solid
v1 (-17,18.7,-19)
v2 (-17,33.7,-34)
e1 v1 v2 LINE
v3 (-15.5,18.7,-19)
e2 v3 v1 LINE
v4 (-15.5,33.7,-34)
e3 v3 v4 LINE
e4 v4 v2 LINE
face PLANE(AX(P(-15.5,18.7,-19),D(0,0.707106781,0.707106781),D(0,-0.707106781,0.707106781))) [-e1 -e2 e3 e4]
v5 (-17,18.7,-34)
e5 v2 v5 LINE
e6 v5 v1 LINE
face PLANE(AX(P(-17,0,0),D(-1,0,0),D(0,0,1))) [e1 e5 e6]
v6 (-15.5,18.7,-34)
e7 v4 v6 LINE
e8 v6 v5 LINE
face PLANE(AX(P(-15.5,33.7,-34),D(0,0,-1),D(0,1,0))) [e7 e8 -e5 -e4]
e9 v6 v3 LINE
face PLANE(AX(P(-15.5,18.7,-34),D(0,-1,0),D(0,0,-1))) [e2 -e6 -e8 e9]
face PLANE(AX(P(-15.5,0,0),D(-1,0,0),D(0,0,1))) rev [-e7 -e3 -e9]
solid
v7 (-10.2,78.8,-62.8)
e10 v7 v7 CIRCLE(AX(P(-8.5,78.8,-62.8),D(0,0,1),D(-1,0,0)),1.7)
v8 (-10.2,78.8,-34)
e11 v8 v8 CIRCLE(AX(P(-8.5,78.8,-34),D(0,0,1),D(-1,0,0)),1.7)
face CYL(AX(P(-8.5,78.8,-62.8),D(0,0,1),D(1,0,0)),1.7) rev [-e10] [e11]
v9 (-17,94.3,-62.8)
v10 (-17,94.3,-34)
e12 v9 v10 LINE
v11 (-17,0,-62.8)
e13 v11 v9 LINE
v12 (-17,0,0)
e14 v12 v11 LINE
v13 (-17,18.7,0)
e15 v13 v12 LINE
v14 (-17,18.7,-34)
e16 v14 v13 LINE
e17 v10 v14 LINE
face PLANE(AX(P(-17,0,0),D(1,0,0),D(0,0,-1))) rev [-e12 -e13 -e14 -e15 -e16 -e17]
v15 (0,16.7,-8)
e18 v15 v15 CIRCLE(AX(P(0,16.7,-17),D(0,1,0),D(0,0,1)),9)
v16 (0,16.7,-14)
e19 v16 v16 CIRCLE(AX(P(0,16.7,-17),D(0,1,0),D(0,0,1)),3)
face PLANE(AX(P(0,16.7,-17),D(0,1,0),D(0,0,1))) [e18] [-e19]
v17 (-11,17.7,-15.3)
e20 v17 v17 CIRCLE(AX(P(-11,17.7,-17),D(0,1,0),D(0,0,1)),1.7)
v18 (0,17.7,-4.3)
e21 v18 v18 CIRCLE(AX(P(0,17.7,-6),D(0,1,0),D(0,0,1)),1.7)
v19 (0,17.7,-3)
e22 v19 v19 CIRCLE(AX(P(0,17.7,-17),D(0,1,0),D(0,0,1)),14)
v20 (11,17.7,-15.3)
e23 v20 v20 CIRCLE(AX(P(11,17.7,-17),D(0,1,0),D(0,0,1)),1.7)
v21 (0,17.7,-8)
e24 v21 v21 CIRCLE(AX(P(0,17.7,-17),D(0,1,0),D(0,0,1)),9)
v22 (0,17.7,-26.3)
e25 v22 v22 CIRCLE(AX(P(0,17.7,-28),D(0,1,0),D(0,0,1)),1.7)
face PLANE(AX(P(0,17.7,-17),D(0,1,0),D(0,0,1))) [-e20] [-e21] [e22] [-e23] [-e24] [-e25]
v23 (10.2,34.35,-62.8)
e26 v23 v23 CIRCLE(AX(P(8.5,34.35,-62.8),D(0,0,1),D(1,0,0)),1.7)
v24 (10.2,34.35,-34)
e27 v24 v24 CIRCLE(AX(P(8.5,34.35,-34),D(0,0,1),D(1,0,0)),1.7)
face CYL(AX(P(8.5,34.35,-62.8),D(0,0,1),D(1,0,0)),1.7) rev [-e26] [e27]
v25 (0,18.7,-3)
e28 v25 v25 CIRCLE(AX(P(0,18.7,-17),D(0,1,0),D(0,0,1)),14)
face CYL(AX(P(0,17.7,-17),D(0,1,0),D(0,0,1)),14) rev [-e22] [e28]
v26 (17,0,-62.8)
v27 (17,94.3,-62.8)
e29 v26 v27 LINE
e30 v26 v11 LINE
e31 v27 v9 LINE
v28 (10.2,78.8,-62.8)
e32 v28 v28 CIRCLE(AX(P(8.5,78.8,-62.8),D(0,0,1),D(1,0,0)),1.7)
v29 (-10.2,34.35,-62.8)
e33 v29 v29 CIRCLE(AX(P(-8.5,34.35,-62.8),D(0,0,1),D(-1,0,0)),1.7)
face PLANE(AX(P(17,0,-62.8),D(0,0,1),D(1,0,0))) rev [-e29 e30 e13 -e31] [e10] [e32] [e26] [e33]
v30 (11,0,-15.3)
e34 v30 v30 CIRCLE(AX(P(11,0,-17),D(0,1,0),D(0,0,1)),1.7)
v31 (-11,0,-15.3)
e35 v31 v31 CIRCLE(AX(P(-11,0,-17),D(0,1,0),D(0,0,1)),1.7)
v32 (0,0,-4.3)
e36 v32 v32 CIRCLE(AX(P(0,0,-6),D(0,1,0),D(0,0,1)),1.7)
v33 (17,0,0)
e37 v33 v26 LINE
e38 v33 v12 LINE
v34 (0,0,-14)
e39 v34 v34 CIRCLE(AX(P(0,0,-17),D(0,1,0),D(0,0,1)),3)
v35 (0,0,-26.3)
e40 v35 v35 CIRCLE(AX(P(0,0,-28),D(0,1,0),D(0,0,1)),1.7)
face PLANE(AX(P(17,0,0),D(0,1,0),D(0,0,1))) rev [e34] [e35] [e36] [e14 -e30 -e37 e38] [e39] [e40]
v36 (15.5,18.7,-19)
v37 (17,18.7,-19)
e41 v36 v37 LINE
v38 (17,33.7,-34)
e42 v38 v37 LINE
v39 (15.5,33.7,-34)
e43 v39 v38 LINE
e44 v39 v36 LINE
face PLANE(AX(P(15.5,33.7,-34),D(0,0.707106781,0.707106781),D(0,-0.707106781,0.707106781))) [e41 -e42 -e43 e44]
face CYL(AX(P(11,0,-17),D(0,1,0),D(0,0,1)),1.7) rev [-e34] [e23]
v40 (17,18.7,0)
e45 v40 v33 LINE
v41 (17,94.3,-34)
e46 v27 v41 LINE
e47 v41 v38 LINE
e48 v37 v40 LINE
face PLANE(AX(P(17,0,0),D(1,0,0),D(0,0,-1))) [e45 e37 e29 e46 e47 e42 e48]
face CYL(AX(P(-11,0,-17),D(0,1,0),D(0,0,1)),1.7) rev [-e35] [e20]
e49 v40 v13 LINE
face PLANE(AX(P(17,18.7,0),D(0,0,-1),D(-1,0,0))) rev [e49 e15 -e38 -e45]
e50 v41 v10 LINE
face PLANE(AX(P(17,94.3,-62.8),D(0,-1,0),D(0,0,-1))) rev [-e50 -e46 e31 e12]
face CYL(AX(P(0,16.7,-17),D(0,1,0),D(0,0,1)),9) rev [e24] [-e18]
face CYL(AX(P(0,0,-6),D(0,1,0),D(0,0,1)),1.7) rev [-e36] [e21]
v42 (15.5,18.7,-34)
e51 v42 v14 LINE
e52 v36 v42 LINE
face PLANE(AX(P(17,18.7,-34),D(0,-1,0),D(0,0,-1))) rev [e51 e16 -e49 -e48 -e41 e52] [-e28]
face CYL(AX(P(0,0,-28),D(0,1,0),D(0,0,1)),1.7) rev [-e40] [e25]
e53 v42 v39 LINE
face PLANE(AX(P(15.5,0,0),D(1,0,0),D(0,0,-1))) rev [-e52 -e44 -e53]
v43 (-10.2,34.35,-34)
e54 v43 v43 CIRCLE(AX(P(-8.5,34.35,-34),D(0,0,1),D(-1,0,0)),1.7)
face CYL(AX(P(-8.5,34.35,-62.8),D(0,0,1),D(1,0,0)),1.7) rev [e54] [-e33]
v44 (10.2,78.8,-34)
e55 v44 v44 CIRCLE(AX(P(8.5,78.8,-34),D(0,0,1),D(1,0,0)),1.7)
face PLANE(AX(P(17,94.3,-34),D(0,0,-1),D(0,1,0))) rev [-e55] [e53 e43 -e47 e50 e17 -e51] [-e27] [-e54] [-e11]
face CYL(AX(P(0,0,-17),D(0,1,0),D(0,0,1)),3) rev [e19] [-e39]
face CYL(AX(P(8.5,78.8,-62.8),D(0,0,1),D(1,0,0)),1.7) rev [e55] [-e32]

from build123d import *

# Parameters (mm, degrees)
BOSS_EXTRUDE1_DEPTH = 17
SKETCH2_R           = 1.7
CUT_EXTRUDE1_DEPTH  = 102.673447861
SKETCH5_R           = 14
CUT_EXTRUDE3_DEPTH  = 1
SKETCH4_R           = 9
CUT_EXTRUDE2_DEPTH  = 2
SKETCH6_R           = 1.7
SKETCH6_R_2         = 3
CUT_EXTRUDE4_DEPTH  = 101.500746266
BOSS_EXTRUDE2_DEPTH = 1.5
BOSS_EXTRUDE3_DEPTH = 1.5


with BuildPart() as part:
    # Sketch1 → Boss-Extrude1 (new, symmetric)
    with BuildSketch(Plane(origin=(0, 0, 0), x_dir=(0, 0, -1), z_dir=(1, 0, 0))):
        Polygon((0, 0), (62.8, 0), (62.8, 94.3), (34, 94.3), (34, 18.7), (0, 18.7), align=None)
    extrude(amount=BOSS_EXTRUDE1_DEPTH, both=True)

    # Sketch2 → Cut-Extrude1 (cut, through all)
    with BuildSketch(Plane.XY.offset(-34)):
        with Locations((8.5, 34.35)):
            Circle(SKETCH2_R)
        with Locations((8.5, 78.8)):
            Circle(SKETCH2_R)
        with Locations(Location((-8.5, 34.35, 0), (0, 0, 180))):
            Circle(SKETCH2_R)
        with Locations(Location((-8.5, 78.8, 0), (0, 0, 180))):
            Circle(SKETCH2_R)
    extrude(amount=-CUT_EXTRUDE1_DEPTH, mode=Mode.SUBTRACT)

    # Sketch5 → Cut-Extrude3 (cut)
    with BuildSketch(Plane(origin=(0, 18.7, 0), x_dir=(1, 0, 0), z_dir=(0, 1, 0))):
        with Locations(Location((0, 17, 0), (0, 0, 270))):
            Circle(SKETCH5_R)
    extrude(amount=-CUT_EXTRUDE3_DEPTH, mode=Mode.SUBTRACT)

    # Sketch4 → Cut-Extrude2 (cut)
    with BuildSketch(Plane(origin=(0, 18.7, 0), x_dir=(1, 0, 0), z_dir=(0, 1, 0))):
        with Locations(Location((0, 17, 0), (0, 0, 270))):
            Circle(SKETCH4_R)
    extrude(amount=-CUT_EXTRUDE2_DEPTH, mode=Mode.SUBTRACT)

    # Sketch6 → Cut-Extrude4 (cut, through all)
    with BuildSketch(Plane(origin=(0, 17.7, 0), x_dir=(1, 0, 0), z_dir=(0, 1, 0))):
        with Locations(Location((0, 6, 0), (0, 0, 270))):
            Circle(SKETCH6_R)
        with Locations(Location((0, 28, 0), (0, 0, 270))):
            Circle(SKETCH6_R)
        with Locations(Location((11, 17, 0), (0, 0, 270))):
            Circle(SKETCH6_R)
        with Locations(Location((-11, 17, 0), (0, 0, 270))):
            Circle(SKETCH6_R)
        with Locations(Location((0, 17, 0), (0, 0, 270))):
            Circle(SKETCH6_R_2)
    extrude(amount=-CUT_EXTRUDE4_DEPTH, mode=Mode.SUBTRACT)

    # Sketch8 → Boss-Extrude2 (add)
    with BuildSketch(Plane(origin=(17, 0, 0), x_dir=(0, 0, -1), z_dir=(1, 0, 0))):
        Polygon((34, 18.7), (34, 33.7), (19, 18.7), align=None)
    extrude(amount=-BOSS_EXTRUDE2_DEPTH)


with BuildPart() as body_2:
    # Sketch9 → Boss-Extrude3 (new body)
    with BuildSketch(Plane.ZY.offset(17)):
        Polygon((-34, 18.7), (-19, 18.7), (-34, 33.7), align=None)
    extrude(amount=-BOSS_EXTRUDE3_DEPTH)


solid = Compound([part.part, body_2.part])
